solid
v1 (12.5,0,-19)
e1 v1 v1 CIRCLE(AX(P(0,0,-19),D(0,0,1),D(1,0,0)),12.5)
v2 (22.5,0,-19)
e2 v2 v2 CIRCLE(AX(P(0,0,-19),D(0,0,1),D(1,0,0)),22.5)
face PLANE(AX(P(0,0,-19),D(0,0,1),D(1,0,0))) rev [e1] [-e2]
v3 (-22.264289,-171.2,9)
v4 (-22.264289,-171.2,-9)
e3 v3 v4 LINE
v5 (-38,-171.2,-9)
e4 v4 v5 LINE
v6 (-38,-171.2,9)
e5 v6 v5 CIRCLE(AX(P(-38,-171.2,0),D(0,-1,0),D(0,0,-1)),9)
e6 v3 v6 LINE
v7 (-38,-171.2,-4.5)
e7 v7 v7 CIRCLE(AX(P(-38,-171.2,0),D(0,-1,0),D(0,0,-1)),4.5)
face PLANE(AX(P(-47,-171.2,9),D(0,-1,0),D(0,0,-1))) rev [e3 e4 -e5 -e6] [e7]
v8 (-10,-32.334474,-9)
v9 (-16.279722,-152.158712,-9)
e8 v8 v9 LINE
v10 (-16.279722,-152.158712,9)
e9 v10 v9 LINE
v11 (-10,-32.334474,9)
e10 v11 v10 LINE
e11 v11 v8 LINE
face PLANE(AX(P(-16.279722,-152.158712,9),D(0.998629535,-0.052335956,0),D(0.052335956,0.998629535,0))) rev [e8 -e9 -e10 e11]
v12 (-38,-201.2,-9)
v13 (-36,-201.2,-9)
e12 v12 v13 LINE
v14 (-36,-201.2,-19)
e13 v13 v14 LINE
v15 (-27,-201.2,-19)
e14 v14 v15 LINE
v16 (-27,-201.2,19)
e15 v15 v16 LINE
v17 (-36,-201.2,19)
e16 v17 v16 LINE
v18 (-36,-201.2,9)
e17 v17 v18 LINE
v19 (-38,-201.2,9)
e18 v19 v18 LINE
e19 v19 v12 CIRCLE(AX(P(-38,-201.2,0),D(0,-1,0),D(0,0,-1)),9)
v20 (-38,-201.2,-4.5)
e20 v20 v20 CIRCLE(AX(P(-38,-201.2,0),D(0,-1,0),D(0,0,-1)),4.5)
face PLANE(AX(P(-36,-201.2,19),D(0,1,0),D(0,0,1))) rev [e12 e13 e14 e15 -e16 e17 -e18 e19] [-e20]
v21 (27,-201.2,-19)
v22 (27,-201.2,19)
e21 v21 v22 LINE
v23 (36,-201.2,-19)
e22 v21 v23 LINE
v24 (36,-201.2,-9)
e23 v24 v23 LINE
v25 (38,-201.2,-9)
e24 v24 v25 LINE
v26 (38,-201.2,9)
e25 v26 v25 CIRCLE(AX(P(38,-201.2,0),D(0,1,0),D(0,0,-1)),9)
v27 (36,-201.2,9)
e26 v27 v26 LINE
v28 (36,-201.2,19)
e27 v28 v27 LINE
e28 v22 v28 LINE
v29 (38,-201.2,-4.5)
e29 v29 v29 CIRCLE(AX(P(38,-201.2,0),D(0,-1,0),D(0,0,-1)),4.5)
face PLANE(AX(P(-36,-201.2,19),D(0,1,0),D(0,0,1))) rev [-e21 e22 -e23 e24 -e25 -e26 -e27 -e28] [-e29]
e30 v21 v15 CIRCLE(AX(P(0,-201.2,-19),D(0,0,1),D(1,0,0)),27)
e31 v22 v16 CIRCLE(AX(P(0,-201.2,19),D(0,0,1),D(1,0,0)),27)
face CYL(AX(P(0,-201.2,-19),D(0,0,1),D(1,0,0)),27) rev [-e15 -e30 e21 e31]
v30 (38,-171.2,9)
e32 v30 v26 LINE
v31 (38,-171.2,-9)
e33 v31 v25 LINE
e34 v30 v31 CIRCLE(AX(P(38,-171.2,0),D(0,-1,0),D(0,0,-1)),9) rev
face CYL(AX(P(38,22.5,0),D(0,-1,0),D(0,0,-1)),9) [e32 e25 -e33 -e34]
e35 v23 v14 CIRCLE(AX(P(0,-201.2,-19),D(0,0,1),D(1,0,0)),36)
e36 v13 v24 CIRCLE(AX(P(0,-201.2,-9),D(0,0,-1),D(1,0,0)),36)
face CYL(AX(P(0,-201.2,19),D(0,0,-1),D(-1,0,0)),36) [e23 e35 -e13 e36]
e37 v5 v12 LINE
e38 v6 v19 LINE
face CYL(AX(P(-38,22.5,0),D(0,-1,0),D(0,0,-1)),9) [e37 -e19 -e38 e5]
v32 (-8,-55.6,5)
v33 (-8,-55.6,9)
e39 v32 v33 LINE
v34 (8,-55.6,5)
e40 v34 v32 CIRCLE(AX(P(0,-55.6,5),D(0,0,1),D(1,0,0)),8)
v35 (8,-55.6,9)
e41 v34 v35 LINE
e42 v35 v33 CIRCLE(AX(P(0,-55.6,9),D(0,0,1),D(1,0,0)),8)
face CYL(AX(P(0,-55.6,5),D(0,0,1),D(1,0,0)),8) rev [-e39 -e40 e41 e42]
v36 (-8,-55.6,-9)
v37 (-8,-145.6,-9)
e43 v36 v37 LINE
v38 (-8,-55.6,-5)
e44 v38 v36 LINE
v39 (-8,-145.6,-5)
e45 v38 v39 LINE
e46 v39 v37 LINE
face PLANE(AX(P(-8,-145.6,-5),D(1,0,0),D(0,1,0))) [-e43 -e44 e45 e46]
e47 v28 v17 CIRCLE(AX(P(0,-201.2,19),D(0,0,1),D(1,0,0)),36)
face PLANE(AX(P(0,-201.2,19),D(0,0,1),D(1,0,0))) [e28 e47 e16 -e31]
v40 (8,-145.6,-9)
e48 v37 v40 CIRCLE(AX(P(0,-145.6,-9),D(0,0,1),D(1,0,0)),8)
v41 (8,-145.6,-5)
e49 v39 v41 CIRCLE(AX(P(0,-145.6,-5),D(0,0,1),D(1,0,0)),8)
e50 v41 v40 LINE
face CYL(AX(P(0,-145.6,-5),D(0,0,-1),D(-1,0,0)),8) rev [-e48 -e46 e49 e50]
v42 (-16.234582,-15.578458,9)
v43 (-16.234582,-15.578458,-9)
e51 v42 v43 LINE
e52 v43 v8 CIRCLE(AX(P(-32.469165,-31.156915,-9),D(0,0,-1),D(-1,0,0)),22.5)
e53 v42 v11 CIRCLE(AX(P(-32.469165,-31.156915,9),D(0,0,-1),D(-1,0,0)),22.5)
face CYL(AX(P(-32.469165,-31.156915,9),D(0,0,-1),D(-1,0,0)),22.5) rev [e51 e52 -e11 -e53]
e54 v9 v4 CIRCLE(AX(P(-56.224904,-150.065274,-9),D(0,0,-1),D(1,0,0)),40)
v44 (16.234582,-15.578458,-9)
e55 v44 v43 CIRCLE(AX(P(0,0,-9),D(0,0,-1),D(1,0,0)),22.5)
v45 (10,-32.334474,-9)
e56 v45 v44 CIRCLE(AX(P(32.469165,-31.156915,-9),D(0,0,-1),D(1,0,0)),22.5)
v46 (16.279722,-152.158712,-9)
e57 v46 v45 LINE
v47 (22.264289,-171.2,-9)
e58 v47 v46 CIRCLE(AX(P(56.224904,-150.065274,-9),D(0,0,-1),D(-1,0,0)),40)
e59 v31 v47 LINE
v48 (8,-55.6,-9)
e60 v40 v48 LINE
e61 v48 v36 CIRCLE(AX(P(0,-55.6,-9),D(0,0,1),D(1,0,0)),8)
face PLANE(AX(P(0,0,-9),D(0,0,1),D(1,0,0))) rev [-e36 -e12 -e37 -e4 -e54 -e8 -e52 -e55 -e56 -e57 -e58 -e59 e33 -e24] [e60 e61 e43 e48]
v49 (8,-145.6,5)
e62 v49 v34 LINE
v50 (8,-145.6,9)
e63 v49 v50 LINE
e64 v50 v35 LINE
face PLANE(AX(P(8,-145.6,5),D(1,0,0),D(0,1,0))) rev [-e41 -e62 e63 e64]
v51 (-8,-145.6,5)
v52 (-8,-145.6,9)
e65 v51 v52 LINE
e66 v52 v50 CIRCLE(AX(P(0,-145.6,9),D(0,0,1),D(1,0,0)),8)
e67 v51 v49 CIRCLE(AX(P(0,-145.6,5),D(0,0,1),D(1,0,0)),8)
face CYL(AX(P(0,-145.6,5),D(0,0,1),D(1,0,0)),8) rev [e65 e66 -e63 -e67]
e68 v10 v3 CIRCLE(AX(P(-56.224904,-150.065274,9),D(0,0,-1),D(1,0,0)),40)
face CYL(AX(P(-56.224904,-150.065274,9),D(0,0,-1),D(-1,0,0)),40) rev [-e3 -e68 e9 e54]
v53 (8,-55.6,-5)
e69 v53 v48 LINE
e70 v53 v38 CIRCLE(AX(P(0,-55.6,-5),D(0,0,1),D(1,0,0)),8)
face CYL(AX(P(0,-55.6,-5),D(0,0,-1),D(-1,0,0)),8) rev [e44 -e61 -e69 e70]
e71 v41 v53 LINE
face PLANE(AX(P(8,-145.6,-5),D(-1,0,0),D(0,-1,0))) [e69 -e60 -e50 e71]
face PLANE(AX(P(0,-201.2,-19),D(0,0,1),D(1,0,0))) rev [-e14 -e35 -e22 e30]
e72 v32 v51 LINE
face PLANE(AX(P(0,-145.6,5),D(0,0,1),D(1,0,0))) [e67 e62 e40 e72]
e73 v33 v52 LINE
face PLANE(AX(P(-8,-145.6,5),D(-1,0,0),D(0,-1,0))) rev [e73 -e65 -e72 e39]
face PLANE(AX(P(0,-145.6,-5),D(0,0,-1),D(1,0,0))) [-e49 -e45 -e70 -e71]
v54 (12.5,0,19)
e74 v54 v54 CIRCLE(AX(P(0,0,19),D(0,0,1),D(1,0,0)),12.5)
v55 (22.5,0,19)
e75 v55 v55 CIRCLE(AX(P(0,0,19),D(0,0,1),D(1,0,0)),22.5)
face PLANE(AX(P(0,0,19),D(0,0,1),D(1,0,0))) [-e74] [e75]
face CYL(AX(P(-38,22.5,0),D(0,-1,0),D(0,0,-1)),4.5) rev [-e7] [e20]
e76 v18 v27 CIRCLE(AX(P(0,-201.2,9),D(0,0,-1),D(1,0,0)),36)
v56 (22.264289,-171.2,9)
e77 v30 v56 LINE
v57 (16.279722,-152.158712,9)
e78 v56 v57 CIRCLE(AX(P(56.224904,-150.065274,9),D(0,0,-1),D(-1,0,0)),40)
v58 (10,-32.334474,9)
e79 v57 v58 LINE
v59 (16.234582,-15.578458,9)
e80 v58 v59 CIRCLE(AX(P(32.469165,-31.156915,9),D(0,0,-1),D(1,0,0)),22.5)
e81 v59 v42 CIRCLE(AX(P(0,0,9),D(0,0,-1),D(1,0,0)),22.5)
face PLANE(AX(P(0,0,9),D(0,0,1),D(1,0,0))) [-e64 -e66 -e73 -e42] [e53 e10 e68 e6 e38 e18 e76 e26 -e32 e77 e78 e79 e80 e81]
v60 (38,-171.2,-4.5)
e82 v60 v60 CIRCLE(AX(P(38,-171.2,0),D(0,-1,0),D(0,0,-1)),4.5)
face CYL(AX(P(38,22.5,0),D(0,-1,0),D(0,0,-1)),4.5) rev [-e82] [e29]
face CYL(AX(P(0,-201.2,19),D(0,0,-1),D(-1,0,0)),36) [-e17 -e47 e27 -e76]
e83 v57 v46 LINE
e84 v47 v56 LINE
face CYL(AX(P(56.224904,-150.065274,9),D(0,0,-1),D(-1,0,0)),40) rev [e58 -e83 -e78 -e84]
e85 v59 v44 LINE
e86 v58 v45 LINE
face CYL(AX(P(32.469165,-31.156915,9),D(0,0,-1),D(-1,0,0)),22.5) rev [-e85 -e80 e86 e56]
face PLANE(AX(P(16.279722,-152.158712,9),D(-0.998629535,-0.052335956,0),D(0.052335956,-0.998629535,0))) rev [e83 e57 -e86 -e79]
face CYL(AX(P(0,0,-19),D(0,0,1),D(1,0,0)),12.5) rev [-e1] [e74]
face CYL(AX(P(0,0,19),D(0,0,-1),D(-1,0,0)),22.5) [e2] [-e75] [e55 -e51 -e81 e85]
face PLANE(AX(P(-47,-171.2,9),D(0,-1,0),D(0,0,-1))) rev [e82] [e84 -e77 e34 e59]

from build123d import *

# Parameters (mm, degrees)
SKETCH1_R             = 22.5
BOSS_EXTRUDE1_DEPTH   = 19
BOSS_EXTRUDE1_2_DEPTH = 19
BOSS_EXTRUDE2_DEPTH   = 9
CUT_EXTRUDE1_DEPTH    = 4
SKETCH6_W             = 94
SKETCH6_H             = 30
BOSS_EXTRUDE3_DEPTH   = 9
SKETCH4_R             = 12.5
CUT_EXTRUDE2_DEPTH    = 39
SKETCH5_R             = 4.5
CUT_EXTRUDE3_DEPTH    = 224.7
CUT_EXTRUDE4_DEPTH    = 224.7


with BuildPart() as part:
    # Sketch1 → Boss-Extrude1 (new body, symmetric)
    with BuildSketch(Plane.XY):
        Circle(SKETCH1_R)
    extrude(amount=BOSS_EXTRUDE1_DEPTH, both=True)



with BuildPart() as body_2:
    # Sketch1 → Boss-Extrude1 2 (new body, symmetric)
    with BuildSketch(Plane.XY):
        with BuildLine():
            Line((-36, -201.2), (36, -201.2))
            ThreePointArc((36, -201.2), (0, -165.2), (-36, -201.2))
        make_face()
    extrude(amount=BOSS_EXTRUDE1_2_DEPTH, both=True)


with BuildPart() as part_1:
    add(part.part)

    add(body_2.part)  # Boss-Extrude2 merges body 2
    # Sketch2 → Boss-Extrude2 (add, symmetric)
    with BuildSketch(Plane.XY):
        with BuildLine():
            Line((-16.279722223, -152.158712146), (-10, -32.334474052))
            ThreePointArc((-10, -32.334474052), (-11.381584619, -23.310643729), (-16.234582266, -15.578457518))
            ThreePointArc((-16.234582266, -15.578457518), (0, -22.5), (16.234582266, -15.578457518))
            ThreePointArc((16.234582266, -15.578457518), (11.381584619, -23.310643729), (10, -32.334474052))
            Line((10, -32.334474052), (16.279722223, -152.158712146))
            ThreePointArc((16.279722223, -152.158712146), (19.307974883, -165.464636648), (26.63284908, -176.978287635))
            ThreePointArc((26.63284908, -176.978287635), (0, -165.2), (-26.63284908, -176.978287635))
            ThreePointArc((-26.63284908, -176.978287635), (-19.307974883, -165.464636648), (-16.279722223, -152.158712146))
        make_face()
    extrude(amount=BOSS_EXTRUDE2_DEPTH, both=True)

    # Sketch3 → Cut-Extrude1 (cut)
    with BuildSketch(Plane.XY.offset(9)):
        with BuildLine():
            Line((-8, -145.6), (-8, -55.6))
            ThreePointArc((-8, -55.6), (0, -47.6), (8, -55.6))
            Line((8, -55.6), (8, -145.6))
            ThreePointArc((8, -145.6), (0, -153.6), (-8, -145.6))
        make_face()
    cut_extrude1 = extrude(amount=-CUT_EXTRUDE1_DEPTH, mode=Mode.SUBTRACT)

    # Mirror1: Cut-Extrude1 across plane
    add(cut_extrude1.mirror(Plane.XY), mode=Mode.SUBTRACT)

    # Sketch6 → Boss-Extrude3 (add, symmetric)
    with BuildSketch(Plane.XY):
        with Locations((0, -186.2)):
            Rectangle(SKETCH6_W, SKETCH6_H)
    extrude(amount=BOSS_EXTRUDE3_DEPTH, both=True)

    # Sketch4 → Cut-Extrude2 (cut, through all)
    with BuildSketch(Plane.XY.offset(19)):
        Circle(SKETCH4_R)
        with BuildLine():
            Line((-27, -201.2), (27, -201.2))
            ThreePointArc((27, -201.2), (0, -174.2), (-27, -201.2))
        make_face()
    extrude(amount=-CUT_EXTRUDE2_DEPTH, mode=Mode.SUBTRACT)

    # Sketch5 → Cut-Extrude3 (cut, through all)
    with BuildSketch(Plane.XZ.offset(201.2)):
        with Locations((-38, 0)):
            Circle(SKETCH5_R)
        with Locations((38, 0)):
            Circle(SKETCH5_R)
    extrude(amount=-CUT_EXTRUDE3_DEPTH, mode=Mode.SUBTRACT)

    # Sketch7 → Cut-Extrude4 (cut, through all)
    with BuildSketch(Plane.XZ.offset(201.2)):
        with BuildLine():
            ThreePointArc((-38, -9), (-44.363961031, -6.363961031), (-47, 0))
            Line((-47, 0), (-47, -9))
            Line((-47, -9), (-38, -9))
        make_face()
        with BuildLine():
            Line((-38, 9), (-47, 9))
            Line((-47, 9), (-47, 0))
            ThreePointArc((-47, 0), (-44.363961031, 6.363961031), (-38, 9))
        make_face()
    cut_extrude4 = extrude(amount=-CUT_EXTRUDE4_DEPTH, mode=Mode.SUBTRACT)

    # Mirror2: Cut-Extrude4 across plane
    add(cut_extrude4.mirror(Plane(origin=(0, 0, 0), x_dir=(0, 0, 1), z_dir=(1, 0, 0))), mode=Mode.SUBTRACT)


solid = part_1.part
